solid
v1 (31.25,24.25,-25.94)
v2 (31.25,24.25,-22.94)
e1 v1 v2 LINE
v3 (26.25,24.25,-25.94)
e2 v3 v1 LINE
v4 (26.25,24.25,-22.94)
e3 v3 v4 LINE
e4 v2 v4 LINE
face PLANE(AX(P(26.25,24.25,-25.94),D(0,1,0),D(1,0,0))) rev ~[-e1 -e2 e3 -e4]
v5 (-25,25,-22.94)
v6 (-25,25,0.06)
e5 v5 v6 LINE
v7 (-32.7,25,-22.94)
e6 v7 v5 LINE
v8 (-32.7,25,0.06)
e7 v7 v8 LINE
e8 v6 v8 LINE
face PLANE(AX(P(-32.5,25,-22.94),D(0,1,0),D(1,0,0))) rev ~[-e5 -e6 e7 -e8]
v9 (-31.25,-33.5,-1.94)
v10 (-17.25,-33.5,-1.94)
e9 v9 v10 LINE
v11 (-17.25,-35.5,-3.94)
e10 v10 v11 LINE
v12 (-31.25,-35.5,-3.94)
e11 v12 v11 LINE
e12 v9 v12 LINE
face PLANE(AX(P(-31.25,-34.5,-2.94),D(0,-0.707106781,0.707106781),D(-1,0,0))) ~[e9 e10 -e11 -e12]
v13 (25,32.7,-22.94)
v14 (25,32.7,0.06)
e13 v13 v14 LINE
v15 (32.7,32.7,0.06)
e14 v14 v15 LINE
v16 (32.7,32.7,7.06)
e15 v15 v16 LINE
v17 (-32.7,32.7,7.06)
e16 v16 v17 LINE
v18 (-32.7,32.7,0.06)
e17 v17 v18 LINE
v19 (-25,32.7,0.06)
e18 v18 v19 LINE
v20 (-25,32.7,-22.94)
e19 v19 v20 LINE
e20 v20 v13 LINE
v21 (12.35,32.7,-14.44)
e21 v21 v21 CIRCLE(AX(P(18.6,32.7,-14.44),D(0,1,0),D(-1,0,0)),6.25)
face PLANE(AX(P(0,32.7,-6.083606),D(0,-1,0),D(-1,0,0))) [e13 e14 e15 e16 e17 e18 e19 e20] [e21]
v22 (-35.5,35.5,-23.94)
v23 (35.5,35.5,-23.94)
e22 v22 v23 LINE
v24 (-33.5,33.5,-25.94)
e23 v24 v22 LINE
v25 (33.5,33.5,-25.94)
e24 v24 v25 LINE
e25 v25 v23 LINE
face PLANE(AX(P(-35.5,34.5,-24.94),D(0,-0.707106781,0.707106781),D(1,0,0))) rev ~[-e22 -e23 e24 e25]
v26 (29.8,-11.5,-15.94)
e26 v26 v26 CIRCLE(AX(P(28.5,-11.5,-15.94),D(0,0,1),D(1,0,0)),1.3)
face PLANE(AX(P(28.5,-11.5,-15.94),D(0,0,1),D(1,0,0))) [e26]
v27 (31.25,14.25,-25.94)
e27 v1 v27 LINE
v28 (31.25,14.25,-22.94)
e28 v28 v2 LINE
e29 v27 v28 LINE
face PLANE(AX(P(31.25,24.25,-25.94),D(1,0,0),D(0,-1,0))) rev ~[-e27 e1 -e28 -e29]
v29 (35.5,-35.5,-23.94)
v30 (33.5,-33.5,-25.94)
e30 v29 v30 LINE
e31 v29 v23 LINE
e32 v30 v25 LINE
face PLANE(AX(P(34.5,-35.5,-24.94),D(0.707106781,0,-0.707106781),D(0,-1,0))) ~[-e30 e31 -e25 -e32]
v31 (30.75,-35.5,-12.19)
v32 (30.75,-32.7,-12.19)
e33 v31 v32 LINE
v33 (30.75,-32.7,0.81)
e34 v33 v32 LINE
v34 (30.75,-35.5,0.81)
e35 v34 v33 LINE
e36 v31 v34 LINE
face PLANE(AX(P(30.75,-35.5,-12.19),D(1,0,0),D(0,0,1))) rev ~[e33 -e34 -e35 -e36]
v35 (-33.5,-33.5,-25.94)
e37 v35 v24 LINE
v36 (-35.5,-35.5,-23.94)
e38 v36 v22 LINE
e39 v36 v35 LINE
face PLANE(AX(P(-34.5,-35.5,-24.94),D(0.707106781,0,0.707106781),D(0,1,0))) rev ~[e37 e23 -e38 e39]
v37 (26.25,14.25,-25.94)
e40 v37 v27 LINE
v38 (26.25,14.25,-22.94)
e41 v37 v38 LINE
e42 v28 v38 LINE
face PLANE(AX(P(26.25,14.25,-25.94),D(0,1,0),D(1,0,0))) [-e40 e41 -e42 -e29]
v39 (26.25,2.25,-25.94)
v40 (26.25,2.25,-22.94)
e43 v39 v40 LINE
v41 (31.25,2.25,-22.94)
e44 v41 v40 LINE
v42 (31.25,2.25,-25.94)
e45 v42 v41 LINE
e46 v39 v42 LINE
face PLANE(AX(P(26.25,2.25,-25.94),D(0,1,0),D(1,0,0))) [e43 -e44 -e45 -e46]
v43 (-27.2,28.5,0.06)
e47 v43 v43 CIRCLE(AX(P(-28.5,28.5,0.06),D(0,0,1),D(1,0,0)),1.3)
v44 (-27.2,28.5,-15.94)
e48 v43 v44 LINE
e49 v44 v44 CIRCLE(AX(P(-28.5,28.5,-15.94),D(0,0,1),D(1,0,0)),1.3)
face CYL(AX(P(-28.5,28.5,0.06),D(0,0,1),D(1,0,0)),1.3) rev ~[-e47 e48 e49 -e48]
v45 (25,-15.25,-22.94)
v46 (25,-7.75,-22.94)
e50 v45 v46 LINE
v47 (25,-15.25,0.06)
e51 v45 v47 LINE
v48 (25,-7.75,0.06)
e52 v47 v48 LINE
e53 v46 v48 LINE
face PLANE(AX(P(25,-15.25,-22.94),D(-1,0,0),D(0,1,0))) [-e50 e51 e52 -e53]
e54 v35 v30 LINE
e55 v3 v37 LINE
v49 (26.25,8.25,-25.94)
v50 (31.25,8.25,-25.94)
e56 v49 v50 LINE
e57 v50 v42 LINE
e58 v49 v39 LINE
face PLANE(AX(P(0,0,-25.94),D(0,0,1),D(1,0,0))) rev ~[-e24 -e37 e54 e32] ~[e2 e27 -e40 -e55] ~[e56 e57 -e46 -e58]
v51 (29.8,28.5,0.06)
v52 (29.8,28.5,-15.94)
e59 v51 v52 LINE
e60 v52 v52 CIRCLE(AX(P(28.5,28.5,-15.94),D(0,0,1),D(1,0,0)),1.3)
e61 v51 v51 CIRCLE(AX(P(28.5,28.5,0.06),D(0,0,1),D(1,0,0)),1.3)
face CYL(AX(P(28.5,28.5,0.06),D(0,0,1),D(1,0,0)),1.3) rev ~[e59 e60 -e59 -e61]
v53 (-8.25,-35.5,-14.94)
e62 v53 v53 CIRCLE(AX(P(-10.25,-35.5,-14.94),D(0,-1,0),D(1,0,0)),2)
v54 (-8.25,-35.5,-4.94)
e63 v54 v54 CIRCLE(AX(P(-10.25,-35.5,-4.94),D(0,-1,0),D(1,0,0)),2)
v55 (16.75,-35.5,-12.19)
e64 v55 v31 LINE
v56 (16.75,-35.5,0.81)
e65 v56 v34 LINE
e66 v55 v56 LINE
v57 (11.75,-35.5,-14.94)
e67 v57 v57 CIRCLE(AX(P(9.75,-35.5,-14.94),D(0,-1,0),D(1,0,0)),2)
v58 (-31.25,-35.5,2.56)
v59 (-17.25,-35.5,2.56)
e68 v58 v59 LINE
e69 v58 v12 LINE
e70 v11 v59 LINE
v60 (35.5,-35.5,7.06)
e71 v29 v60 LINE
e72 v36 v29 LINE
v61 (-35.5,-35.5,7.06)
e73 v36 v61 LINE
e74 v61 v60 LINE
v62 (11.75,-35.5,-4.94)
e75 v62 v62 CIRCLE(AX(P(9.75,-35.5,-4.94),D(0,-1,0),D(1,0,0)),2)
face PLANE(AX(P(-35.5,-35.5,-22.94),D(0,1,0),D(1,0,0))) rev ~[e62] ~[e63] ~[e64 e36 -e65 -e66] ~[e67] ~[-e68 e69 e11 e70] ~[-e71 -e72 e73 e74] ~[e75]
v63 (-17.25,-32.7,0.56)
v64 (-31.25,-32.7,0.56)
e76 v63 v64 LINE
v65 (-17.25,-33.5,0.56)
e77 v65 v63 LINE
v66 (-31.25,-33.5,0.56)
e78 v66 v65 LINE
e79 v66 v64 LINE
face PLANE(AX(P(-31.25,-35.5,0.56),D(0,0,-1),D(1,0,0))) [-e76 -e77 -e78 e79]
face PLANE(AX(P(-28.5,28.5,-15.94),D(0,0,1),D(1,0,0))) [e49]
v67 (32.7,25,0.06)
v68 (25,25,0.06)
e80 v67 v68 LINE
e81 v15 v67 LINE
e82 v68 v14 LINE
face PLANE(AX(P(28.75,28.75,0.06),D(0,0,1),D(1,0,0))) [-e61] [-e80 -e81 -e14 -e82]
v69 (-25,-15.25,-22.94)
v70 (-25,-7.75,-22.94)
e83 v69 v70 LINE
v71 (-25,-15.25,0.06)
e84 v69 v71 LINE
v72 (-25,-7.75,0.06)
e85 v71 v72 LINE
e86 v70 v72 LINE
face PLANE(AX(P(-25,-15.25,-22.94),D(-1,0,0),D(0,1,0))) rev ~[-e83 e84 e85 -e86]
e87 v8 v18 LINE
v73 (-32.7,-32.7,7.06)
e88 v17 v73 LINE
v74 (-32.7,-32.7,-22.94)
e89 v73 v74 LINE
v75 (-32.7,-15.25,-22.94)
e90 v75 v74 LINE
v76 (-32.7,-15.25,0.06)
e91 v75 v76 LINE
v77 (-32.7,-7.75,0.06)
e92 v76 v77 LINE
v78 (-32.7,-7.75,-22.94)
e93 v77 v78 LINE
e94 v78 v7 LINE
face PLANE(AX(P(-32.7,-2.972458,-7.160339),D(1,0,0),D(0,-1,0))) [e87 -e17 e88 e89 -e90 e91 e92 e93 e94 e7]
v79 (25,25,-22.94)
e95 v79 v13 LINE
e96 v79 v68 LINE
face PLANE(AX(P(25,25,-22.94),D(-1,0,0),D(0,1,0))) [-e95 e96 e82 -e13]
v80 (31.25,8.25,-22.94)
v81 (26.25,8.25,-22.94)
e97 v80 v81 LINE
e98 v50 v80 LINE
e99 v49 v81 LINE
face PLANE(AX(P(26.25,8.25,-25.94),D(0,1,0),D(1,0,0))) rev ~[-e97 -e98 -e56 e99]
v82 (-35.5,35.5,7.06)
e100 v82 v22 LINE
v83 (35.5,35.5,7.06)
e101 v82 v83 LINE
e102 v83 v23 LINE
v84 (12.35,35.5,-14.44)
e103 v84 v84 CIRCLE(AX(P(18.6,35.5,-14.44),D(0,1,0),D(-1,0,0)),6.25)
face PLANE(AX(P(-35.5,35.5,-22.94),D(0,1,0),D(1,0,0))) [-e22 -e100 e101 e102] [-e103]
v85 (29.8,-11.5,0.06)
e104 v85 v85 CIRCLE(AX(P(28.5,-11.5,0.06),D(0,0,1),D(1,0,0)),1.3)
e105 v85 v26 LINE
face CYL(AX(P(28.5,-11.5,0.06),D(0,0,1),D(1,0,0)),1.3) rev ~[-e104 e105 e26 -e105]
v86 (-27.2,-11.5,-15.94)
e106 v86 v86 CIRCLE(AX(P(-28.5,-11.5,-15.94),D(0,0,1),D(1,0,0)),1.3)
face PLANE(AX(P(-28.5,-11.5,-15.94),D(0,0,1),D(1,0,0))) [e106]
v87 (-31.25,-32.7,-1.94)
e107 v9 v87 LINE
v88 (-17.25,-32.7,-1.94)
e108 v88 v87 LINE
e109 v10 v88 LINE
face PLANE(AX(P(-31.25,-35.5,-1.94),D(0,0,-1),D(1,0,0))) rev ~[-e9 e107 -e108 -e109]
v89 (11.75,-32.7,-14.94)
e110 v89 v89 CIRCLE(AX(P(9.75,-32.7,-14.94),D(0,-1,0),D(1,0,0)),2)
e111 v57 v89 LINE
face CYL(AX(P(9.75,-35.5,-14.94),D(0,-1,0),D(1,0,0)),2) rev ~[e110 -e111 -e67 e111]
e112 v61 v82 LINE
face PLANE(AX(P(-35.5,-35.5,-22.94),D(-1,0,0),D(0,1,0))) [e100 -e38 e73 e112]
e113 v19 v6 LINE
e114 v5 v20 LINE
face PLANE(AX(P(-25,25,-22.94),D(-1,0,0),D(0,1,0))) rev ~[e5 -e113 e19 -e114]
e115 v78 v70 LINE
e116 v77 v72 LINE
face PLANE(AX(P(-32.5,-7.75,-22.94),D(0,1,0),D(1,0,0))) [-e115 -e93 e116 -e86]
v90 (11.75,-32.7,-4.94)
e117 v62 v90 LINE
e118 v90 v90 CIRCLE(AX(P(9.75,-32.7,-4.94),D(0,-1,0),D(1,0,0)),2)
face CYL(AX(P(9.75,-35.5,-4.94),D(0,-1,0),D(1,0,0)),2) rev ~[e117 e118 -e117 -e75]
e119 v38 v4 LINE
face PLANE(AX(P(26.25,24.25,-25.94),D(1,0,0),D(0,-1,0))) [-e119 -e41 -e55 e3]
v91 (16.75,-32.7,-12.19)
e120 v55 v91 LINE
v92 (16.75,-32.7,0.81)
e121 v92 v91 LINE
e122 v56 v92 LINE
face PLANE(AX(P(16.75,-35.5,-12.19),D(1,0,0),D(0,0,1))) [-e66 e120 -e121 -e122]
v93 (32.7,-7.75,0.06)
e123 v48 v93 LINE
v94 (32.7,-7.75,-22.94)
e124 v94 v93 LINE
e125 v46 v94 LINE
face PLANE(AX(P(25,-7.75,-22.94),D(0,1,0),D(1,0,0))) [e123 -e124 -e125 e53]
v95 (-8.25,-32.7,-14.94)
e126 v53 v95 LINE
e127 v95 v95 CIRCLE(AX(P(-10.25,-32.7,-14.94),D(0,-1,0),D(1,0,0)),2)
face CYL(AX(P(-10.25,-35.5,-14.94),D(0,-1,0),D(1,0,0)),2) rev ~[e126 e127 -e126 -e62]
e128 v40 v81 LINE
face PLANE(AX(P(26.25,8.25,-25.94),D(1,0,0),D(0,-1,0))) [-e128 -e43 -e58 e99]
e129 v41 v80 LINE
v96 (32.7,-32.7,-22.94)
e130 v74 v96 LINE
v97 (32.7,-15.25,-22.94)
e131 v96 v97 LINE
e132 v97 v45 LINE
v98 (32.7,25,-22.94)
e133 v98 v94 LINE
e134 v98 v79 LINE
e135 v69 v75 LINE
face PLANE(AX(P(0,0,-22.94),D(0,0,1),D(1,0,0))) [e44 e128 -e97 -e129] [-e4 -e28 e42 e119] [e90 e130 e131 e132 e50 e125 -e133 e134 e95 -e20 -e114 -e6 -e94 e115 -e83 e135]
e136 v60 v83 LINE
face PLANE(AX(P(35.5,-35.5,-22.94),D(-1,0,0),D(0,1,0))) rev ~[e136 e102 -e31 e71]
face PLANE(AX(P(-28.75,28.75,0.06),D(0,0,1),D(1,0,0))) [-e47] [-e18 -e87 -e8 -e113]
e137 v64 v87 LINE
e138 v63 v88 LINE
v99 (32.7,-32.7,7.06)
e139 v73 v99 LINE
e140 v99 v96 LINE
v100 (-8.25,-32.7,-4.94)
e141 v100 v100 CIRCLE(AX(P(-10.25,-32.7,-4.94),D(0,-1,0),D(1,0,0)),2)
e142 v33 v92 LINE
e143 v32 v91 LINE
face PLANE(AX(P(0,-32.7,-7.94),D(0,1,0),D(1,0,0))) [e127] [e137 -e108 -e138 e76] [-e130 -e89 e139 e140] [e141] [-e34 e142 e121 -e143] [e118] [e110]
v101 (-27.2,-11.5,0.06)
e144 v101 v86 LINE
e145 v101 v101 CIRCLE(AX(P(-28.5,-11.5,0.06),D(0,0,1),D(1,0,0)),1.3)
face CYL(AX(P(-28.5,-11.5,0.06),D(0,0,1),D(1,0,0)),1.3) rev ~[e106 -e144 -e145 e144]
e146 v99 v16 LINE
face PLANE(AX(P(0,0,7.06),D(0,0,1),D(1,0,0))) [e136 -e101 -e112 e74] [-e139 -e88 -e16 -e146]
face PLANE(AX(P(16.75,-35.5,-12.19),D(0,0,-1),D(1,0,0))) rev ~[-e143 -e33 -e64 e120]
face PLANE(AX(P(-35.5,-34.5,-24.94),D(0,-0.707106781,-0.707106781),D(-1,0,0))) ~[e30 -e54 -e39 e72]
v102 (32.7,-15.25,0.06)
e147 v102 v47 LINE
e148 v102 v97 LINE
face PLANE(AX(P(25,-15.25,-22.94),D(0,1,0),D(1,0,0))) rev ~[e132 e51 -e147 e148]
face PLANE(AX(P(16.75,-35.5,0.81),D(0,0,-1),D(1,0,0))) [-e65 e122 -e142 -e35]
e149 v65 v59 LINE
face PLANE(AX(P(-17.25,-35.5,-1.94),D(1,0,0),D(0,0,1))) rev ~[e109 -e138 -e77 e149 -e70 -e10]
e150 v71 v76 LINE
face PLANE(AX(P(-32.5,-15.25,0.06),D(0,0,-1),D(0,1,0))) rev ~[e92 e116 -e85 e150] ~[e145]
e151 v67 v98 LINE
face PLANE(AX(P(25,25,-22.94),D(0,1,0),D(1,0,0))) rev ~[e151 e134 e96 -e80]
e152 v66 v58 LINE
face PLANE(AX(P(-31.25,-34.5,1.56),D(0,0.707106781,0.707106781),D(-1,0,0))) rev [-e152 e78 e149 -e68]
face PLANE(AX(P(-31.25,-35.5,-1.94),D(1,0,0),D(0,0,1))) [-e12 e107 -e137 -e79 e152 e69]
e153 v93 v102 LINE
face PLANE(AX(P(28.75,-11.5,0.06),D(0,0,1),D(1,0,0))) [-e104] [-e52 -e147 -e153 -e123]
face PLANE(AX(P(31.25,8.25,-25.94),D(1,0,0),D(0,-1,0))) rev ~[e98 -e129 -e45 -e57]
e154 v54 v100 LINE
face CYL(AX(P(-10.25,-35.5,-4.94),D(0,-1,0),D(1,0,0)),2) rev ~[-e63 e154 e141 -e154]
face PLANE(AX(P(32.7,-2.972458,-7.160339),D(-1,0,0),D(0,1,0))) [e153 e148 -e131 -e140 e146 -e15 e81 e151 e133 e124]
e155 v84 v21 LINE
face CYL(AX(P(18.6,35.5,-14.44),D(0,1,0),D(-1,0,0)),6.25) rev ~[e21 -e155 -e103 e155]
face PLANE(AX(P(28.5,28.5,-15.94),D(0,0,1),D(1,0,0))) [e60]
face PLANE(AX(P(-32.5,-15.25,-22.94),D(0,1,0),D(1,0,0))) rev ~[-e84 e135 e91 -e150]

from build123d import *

# Parameters (mm, degrees)
SKETCH003_W        = 71
SKETCH003_H        = 71
PAD001_DEPTH       = 3
SKETCH004_W        = 71
SKETCH004_H        = 71
SKETCH004_W_2      = 65
SKETCH004_H_2      = 65
PAD002_DEPTH       = 30
SKETCH005_W        = 7.5
SKETCH005_H        = 7.5
PAD003_DEPTH       = 23
SKETCH006_R        = 1.3
POCKET002_DEPTH    = 16
POCKET003_DEPTH    = 0.2
POCKET004_DEPTH    = 0.2
POCKET005_DEPTH    = 0.2
POCKET005_FACE10_W = 65.4
POCKET005_FACE10_H = 30
POCKET006_DEPTH    = 0.2
SKETCH009_W        = 14
SKETCH009_H        = 2.5
SKETCH009_H_2      = 13
POCKET012_DEPTH    = 5
CHAMFER001_SIZE    = 2
SKETCH010_R        = 6.25
POCKET013_DEPTH    = 5
SKETCH011_W        = 5
SKETCH011_H        = 10
SKETCH011_H_2      = 6
POCKET014_DEPTH    = 5
CHAMFER003_SIZE    = 2
SKETCH012_R        = 2
POCKET015_DEPTH    = 5


with BuildPart() as part:
    # Sketch003 → Pad001 (new body)
    with BuildSketch(Plane.XY):
        Rectangle(SKETCH003_W, SKETCH003_H)
    extrude(amount=PAD001_DEPTH)

    # Sketch004 (on Face6 of Pad001) → Pad002 (join)
    with BuildSketch(Plane.XY.offset(3)):
        Rectangle(SKETCH004_W, SKETCH004_H)
        Rectangle(SKETCH004_W_2, SKETCH004_H_2, mode=Mode.SUBTRACT)
    extrude(amount=PAD002_DEPTH)

    # Sketch005 (on Face15 of Pad002) → Pad003 (join)
    with BuildSketch(Plane.XY.offset(3)):
        with Locations((-28.75, 28.75)):
            Rectangle(SKETCH005_W, SKETCH005_H)
        with Locations((28.75, 28.75)):
            Rectangle(SKETCH005_W, SKETCH005_H)
        with Locations((28.75, -11.5)):
            Rectangle(SKETCH005_W, SKETCH005_H)
        with Locations((-28.75, -11.5)):
            Rectangle(SKETCH005_W, SKETCH005_H)
    extrude(amount=PAD003_DEPTH)

    # Sketch006 (on Face20 of Pad003) → Pocket002 (cut)
    with BuildSketch(Plane.XY.offset(26)):
        with Locations((-28.5, 28.5)):
            Circle(SKETCH006_R)
        with Locations((28.5, 28.5)):
            Circle(SKETCH006_R)
        with Locations((28.5, -11.5)):
            Circle(SKETCH006_R)
        with Locations((-28.5, -11.5)):
            Circle(SKETCH006_R)
    extrude(amount=-POCKET002_DEPTH, mode=Mode.SUBTRACT)

    # Pocket002 Face11 → Pocket003 (cut)
    with BuildSketch(Plane(origin=(-32.5, -1.853972, 18.752336), x_dir=(0, -1, 0), z_dir=(1, 0, 0))):
        Polygon((30.646028, 15.752336), (13.396028, 15.752336), (13.396028, -7.247664), (5.896028, -7.247664), (5.896028, 15.752336), (-26.853972, 15.752336), (-26.853972, -7.247664), (-34.353972, -7.247664), (-34.353972, -14.247664), (30.646028, -14.247664), align=None)
    extrude(amount=-POCKET003_DEPTH, mode=Mode.SUBTRACT)

    # Pocket003 Face15 → Pocket004 (cut)
    with BuildSketch(Plane(origin=(32.5, -1.853972, 18.752336), x_dir=(0, 1, 0), z_dir=(-1, 0, 0))):
        Polygon((34.353972, -7.247664), (26.853972, -7.247664), (26.853972, 15.752336), (-5.896028, 15.752336), (-5.896028, -7.247664), (-13.396028, -7.247664), (-13.396028, 15.752336), (-30.646028, 15.752336), (-30.646028, -14.247664), (34.353972, -14.247664), align=None)
    extrude(amount=-POCKET004_DEPTH, mode=Mode.SUBTRACT)

    # Pocket004 Face2 → Pocket005 (cut)
    with BuildSketch(Plane(origin=(0, 32.5, 18.771054), x_dir=(-1, 0, 0), z_dir=(0, -1, 0))):
        Polygon((32.7, -7.228946), (25, -7.228946), (25, 15.771054), (-25, 15.771054), (-25, -7.228946), (-32.7, -7.228946), (-32.7, -14.228946), (32.7, -14.228946), align=None)
    extrude(amount=-POCKET005_DEPTH, mode=Mode.SUBTRACT)

    # Pocket005 Face10 → Pocket006 (cut)
    with BuildSketch(Plane(origin=(0, -32.5, 18), x_dir=(1, 0, 0), z_dir=(0, 1, 0))):
        Rectangle(POCKET005_FACE10_W, POCKET005_FACE10_H)
    extrude(amount=-POCKET006_DEPTH, mode=Mode.SUBTRACT)

    # Sketch009 (on Face17 of Pocket006) → Pocket012 (cut)
    with BuildSketch(Plane.XZ.offset(35.5)):
        with Locations((-24.25, 25.25)):
            Rectangle(SKETCH009_W, SKETCH009_H)
        with Locations((23.75, 20.25)):
            Rectangle(SKETCH009_W, SKETCH009_H_2)
    extrude(amount=-POCKET012_DEPTH, mode=Mode.SUBTRACT)

    # Chamfer001
    chamfer001_edges = [part.edges().sort_by_distance(p)[0] for p in [
        (-24.25, -35.5, 24),
        (-24.25, -35.5, 26.5),
    ]]
    chamfer(chamfer001_edges, length=CHAMFER001_SIZE)

    # Sketch010 (on Face33 of Chamfer001) → Pocket013 (cut)
    with BuildSketch(Plane(origin=(0, 35.5, 0), x_dir=(-1, 0, 0), z_dir=(0, 1, 0))):
        with Locations((-18.6, 11.5)):
            Circle(SKETCH010_R)
    extrude(amount=-POCKET013_DEPTH, mode=Mode.SUBTRACT)

    # Sketch011 (on Face18 of Pocket013) → Pocket014 (cut)
    with BuildSketch(Plane(origin=(0, 0, 0), x_dir=(1, 0, 0), z_dir=(0, 0, -1))):
        with Locations((28.75, -19.25)):
            Rectangle(SKETCH011_W, SKETCH011_H)
        with Locations((28.75, -5.25)):
            Rectangle(SKETCH011_W, SKETCH011_H_2)
    extrude(amount=-POCKET014_DEPTH, mode=Mode.SUBTRACT)

    # Chamfer003
    chamfer003_edges = [part.edges().sort_by_distance(p)[0] for p in [
        (0, 35.5, 0),
        (35.5, 0, 0),
        (0, -35.5, 0),
        (-35.5, 0, 0),
    ]]
    chamfer(chamfer003_edges, length=CHAMFER003_SIZE)

    # Sketch012 (on Face1 of Chamfer003) → Pocket015 (cut)
    with BuildSketch(Plane.XZ.offset(35.5)):
        with Locations((-10.25, 21)):
            Circle(SKETCH012_R)
        with Locations((9.75, 21)):
            Circle(SKETCH012_R)
        with Locations((-10.25, 11)):
            Circle(SKETCH012_R)
        with Locations((9.75, 11)):
            Circle(SKETCH012_R)
    extrude(amount=-POCKET015_DEPTH, mode=Mode.SUBTRACT)


with BuildPart() as part_1:
    # Body001 placement: moved
    add(part.part.moved(Location((0, 0, -25.94))))


solid = part_1.part
